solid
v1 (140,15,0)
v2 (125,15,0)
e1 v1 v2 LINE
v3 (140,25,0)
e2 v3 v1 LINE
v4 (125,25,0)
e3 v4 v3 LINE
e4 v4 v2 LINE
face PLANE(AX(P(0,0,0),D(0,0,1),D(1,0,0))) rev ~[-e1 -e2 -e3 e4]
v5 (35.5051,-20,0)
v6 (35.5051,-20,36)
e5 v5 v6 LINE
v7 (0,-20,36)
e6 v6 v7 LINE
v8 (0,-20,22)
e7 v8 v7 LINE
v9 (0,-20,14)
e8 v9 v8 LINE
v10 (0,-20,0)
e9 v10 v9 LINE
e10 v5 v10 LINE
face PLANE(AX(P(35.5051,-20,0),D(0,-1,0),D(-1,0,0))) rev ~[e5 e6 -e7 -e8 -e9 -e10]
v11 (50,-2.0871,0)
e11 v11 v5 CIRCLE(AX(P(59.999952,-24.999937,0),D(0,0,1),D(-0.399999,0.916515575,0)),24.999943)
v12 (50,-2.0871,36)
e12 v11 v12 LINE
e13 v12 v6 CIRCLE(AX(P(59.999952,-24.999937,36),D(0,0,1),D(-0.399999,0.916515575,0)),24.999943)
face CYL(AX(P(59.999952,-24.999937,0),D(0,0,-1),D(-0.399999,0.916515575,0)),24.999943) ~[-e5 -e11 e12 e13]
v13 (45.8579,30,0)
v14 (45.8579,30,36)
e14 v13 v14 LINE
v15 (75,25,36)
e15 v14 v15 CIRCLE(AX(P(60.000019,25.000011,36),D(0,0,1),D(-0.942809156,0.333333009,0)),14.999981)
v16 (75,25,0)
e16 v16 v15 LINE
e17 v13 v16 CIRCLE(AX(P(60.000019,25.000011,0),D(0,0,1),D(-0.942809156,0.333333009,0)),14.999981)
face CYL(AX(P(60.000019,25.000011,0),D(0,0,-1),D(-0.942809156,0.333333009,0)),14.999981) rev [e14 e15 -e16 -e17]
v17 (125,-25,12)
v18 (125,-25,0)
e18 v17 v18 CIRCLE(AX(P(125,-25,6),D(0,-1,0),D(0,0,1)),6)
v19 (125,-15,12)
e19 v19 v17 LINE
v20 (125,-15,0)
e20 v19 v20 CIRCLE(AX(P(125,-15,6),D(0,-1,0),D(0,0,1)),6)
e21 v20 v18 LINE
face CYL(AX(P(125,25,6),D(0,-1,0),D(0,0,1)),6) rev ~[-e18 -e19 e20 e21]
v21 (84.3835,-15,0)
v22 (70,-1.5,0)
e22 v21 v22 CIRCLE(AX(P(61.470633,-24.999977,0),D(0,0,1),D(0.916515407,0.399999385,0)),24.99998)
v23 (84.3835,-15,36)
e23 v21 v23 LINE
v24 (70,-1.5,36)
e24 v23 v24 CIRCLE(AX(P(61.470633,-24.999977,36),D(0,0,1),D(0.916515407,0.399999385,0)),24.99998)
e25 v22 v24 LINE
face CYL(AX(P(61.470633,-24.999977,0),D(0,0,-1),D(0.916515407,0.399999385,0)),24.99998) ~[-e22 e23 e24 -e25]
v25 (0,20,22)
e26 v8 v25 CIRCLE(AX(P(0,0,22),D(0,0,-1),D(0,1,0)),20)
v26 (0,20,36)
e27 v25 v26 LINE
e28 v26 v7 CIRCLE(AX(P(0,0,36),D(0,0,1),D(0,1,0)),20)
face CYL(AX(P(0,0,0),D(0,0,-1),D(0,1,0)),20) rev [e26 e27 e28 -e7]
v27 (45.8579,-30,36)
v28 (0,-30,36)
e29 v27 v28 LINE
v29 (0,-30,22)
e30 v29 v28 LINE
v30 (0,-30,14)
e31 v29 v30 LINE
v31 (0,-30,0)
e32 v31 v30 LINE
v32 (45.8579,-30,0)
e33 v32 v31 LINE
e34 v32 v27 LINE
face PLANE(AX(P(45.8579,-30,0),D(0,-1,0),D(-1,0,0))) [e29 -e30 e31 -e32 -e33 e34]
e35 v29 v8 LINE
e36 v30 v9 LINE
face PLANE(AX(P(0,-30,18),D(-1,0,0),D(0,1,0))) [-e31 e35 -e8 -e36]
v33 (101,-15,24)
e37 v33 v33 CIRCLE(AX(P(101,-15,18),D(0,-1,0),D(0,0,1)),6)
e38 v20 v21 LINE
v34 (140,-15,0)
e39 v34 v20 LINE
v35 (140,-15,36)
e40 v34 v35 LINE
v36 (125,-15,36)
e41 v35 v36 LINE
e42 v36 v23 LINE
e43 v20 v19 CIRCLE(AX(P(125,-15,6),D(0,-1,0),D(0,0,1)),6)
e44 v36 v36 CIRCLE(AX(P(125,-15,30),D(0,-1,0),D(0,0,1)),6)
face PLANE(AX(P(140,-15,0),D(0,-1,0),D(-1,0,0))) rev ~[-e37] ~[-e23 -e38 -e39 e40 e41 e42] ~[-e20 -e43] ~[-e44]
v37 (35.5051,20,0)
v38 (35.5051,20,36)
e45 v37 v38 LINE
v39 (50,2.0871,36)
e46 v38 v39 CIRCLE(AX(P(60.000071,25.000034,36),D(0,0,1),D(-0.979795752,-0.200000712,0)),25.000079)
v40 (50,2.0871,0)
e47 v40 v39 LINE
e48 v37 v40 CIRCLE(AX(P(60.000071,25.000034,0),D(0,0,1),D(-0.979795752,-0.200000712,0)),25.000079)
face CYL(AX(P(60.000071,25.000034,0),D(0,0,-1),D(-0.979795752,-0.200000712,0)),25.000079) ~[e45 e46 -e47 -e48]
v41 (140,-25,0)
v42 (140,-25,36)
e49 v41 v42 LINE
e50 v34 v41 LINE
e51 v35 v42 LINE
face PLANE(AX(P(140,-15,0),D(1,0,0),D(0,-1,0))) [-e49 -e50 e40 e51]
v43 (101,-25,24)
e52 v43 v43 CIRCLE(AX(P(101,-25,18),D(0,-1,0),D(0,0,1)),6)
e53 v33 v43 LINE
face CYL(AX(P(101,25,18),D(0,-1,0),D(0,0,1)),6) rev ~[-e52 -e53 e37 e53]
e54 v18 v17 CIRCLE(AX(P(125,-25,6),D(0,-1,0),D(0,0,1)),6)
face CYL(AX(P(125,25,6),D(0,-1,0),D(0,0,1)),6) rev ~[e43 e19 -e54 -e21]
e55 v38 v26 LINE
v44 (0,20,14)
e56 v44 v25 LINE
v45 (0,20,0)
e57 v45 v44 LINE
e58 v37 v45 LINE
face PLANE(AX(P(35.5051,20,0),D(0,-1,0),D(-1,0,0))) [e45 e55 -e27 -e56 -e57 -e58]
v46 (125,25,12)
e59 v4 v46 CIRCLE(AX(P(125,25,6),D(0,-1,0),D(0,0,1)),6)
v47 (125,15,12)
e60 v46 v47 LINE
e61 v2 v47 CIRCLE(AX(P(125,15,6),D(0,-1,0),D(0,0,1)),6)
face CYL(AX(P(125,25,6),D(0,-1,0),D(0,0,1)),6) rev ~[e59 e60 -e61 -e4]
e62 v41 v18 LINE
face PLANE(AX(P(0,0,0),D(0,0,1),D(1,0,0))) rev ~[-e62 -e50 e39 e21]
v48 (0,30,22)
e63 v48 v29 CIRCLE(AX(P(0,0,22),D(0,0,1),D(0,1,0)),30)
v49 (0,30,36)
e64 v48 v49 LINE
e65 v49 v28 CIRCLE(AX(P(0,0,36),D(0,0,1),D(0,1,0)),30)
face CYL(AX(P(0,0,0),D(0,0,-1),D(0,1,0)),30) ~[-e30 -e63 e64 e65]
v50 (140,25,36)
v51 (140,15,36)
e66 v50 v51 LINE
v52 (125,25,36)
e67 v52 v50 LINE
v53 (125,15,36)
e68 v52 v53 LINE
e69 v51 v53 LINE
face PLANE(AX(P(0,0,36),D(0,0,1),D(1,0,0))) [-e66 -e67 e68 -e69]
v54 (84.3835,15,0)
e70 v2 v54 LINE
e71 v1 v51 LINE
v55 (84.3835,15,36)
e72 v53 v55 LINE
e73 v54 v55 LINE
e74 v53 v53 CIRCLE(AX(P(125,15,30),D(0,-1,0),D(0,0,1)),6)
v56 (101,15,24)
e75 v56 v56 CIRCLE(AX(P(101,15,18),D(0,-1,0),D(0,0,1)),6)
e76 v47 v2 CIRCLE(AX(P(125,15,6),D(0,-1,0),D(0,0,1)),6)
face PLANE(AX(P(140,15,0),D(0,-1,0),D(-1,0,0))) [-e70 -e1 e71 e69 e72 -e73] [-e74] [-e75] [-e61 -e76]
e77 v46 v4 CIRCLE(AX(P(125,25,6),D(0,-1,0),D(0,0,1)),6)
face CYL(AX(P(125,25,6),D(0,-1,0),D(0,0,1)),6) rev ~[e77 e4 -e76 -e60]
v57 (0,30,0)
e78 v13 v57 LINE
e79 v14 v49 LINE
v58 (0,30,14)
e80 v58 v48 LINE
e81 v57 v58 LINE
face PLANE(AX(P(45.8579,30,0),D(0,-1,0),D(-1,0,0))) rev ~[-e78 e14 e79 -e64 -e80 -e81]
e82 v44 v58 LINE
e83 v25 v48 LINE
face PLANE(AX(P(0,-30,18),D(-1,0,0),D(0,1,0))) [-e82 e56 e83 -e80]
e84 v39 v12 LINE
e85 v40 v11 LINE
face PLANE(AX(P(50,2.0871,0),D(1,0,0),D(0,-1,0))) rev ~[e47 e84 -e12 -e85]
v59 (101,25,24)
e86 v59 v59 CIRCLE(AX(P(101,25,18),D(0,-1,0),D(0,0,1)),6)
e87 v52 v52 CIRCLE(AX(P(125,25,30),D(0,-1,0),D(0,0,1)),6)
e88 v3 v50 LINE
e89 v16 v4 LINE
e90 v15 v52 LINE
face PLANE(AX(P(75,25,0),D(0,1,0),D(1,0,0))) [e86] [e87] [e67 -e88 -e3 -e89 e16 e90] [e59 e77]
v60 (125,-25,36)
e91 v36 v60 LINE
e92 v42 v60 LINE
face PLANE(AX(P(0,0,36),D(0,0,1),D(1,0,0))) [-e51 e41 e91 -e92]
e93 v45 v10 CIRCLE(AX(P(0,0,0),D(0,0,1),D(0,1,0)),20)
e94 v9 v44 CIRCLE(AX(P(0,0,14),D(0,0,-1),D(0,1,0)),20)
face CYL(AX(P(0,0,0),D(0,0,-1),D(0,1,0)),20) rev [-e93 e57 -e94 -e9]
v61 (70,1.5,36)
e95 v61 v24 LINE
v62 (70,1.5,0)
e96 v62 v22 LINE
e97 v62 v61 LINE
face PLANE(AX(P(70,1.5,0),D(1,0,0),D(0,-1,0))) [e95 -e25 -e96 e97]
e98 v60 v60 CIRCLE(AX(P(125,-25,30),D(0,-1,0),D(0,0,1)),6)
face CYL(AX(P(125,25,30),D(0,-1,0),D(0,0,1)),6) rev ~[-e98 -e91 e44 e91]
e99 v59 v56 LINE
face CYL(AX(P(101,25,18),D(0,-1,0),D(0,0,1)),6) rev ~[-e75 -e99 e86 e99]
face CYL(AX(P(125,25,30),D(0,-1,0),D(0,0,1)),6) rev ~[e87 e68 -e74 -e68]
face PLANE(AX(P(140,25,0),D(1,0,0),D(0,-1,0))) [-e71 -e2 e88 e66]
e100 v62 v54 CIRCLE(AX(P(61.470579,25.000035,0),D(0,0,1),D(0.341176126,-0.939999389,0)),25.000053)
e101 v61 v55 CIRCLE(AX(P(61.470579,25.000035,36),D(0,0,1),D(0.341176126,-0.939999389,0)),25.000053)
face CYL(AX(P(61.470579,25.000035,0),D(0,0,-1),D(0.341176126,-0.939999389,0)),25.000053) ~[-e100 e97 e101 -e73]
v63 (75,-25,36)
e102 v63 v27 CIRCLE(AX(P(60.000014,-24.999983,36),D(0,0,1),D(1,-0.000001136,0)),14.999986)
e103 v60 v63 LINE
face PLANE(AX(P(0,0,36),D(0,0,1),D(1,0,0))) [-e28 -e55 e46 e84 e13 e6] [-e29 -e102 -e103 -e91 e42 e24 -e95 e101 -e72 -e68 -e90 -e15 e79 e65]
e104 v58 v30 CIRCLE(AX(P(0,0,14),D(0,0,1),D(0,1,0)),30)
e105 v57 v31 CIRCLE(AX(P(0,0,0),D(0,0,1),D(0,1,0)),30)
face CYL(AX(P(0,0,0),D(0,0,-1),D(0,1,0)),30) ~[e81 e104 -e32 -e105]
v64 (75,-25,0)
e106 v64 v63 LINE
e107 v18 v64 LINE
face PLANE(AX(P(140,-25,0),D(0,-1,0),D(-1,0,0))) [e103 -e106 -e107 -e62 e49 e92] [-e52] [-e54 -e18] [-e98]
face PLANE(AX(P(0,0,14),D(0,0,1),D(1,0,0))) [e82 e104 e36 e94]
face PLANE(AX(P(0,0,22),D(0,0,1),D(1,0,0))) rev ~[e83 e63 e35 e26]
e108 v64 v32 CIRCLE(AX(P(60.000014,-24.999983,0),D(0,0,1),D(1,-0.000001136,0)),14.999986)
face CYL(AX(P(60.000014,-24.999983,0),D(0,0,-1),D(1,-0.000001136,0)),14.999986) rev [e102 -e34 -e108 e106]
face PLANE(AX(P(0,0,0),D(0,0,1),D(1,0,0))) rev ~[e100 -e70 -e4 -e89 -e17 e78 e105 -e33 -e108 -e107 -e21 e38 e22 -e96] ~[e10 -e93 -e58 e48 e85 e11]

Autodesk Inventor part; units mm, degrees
ref_plane "YZ Plane" through (0, 0, 0) normal (1, 0, 0) x (0, 1, 0)
ref_plane "XZ Plane" through (0, 0, 0) normal (0, 1, 0) x (-1, 0, 0)
sketch "Skizze1" plane through (0, 0, 0) normal (0, 0, 1) x (1, 0, 0)
  line L0 (75, 25) -> (140, 25)
  line L1 (140, -25) -> (75, -25)
  line L2 (140, 15) -> (84.3835, 15)
  line L3 (140, -15) -> (84.3835, -15)
  line L4 (175.9728, 0) -> (38.8128, 0) construction
  line L5 (75, 25) -> (75, -25) construction
  arc A0 (70, 1.5) -> (84.3835, 15) centre (61.4706, 25) ccw
  line L6 (70, 1.5) -> (70, -1.5)
  arc A1 (84.3835, -15) -> (70, -1.5) centre (61.4706, -25) ccw
  line L7 (140, 25) -> (140, 15)
  line L8 (140, -15) -> (140, -25)
  arc A2 (45.8579, 30) -> (75, 25) centre (60, 25) ccw
  line L9 (45.8579, 30) -> (0, 30)
  arc A3 (75, -25) -> (45.8579, -30) centre (60, -25) ccw
  line L10 (45.8579, -30) -> (0, -30)
  arc A4 (0, 30) -> (0, -30) centre (0, 0) ccw
  line L11 (50, 2.0871) -> (50, -2.0871)
  line L12 (35.5051, -20) -> (0, -20)
  line L13 (35.5051, 20) -> (0, 20)
  arc A5 (0, 20) -> (0, -20) centre (0, 0) ccw
  line L14 (60, 25) -> (60, -25) construction
  arc A6 (35.5051, 20) -> (50, 2.0871) centre (60, 25) ccw
  arc A7 (50, -2.0871) -> (35.5051, -20) centre (60, -25) ccw
  dimension "d17" = 30
  dimension "d18" = 50
  dimension "d19" = 25
  dimension "d20" = 3
  dimension "d21" = 80
  dimension "d28" = 15
  dimension "d30" = 30
  dimension "d34" = 20
  dimension "d36" = 25
  dimension "d37" = 25
  dimension "d38" = 60
  dimension "d39" = 20
extrude "Extrusion1" add sketch "Skizze1" along normal blind 36
sketch "Skizze2" plane through (75, 25, 0) normal (0, 1, 0) x (1, 0, 0)
  line L0 (65, 0) -> (65, -36) projected
  line L1 (65, 0) -> (0, 0) projected
  point P0 (-75, 0)
  point P1 (50, -6)
  point P2 (50, -30)
  point P3 (26, -18)
  point P4 (65, -18)
  dimension "d42" = 24
  dimension "d43" = 6
  dimension "d44" = 24
  dimension "d45" = 15
hole "Bohrung1" at (125, 25, 6) at (125, 25, 30) at (101, 25, 18) direction (0, -1, 0) diameter 12 depth 50
ref_plane "Arbeitsebene1" through (0, 0, 18) normal (0, 0, 1) x (1, 0, 0)
sketch "Skizze3" plane through (0, 0, 18) normal (0, 0, 1) x (1, 0, 0)
  arc A0 (0, 30) -> (0, -30) centre (0, 0) ccw projected
  arc A1 (0, 30) -> (0, -30) centre (0, 0) ccw
  line L0 (0, -30) -> (0, 30)
  dimension "d54" = 30
extrude "Extrusion2" cut sketch "Skizze3" along normal mid plane 8
equation "\"d37\" = d36"
properties part number "drawing" material "Stahl, galvanisiert"
